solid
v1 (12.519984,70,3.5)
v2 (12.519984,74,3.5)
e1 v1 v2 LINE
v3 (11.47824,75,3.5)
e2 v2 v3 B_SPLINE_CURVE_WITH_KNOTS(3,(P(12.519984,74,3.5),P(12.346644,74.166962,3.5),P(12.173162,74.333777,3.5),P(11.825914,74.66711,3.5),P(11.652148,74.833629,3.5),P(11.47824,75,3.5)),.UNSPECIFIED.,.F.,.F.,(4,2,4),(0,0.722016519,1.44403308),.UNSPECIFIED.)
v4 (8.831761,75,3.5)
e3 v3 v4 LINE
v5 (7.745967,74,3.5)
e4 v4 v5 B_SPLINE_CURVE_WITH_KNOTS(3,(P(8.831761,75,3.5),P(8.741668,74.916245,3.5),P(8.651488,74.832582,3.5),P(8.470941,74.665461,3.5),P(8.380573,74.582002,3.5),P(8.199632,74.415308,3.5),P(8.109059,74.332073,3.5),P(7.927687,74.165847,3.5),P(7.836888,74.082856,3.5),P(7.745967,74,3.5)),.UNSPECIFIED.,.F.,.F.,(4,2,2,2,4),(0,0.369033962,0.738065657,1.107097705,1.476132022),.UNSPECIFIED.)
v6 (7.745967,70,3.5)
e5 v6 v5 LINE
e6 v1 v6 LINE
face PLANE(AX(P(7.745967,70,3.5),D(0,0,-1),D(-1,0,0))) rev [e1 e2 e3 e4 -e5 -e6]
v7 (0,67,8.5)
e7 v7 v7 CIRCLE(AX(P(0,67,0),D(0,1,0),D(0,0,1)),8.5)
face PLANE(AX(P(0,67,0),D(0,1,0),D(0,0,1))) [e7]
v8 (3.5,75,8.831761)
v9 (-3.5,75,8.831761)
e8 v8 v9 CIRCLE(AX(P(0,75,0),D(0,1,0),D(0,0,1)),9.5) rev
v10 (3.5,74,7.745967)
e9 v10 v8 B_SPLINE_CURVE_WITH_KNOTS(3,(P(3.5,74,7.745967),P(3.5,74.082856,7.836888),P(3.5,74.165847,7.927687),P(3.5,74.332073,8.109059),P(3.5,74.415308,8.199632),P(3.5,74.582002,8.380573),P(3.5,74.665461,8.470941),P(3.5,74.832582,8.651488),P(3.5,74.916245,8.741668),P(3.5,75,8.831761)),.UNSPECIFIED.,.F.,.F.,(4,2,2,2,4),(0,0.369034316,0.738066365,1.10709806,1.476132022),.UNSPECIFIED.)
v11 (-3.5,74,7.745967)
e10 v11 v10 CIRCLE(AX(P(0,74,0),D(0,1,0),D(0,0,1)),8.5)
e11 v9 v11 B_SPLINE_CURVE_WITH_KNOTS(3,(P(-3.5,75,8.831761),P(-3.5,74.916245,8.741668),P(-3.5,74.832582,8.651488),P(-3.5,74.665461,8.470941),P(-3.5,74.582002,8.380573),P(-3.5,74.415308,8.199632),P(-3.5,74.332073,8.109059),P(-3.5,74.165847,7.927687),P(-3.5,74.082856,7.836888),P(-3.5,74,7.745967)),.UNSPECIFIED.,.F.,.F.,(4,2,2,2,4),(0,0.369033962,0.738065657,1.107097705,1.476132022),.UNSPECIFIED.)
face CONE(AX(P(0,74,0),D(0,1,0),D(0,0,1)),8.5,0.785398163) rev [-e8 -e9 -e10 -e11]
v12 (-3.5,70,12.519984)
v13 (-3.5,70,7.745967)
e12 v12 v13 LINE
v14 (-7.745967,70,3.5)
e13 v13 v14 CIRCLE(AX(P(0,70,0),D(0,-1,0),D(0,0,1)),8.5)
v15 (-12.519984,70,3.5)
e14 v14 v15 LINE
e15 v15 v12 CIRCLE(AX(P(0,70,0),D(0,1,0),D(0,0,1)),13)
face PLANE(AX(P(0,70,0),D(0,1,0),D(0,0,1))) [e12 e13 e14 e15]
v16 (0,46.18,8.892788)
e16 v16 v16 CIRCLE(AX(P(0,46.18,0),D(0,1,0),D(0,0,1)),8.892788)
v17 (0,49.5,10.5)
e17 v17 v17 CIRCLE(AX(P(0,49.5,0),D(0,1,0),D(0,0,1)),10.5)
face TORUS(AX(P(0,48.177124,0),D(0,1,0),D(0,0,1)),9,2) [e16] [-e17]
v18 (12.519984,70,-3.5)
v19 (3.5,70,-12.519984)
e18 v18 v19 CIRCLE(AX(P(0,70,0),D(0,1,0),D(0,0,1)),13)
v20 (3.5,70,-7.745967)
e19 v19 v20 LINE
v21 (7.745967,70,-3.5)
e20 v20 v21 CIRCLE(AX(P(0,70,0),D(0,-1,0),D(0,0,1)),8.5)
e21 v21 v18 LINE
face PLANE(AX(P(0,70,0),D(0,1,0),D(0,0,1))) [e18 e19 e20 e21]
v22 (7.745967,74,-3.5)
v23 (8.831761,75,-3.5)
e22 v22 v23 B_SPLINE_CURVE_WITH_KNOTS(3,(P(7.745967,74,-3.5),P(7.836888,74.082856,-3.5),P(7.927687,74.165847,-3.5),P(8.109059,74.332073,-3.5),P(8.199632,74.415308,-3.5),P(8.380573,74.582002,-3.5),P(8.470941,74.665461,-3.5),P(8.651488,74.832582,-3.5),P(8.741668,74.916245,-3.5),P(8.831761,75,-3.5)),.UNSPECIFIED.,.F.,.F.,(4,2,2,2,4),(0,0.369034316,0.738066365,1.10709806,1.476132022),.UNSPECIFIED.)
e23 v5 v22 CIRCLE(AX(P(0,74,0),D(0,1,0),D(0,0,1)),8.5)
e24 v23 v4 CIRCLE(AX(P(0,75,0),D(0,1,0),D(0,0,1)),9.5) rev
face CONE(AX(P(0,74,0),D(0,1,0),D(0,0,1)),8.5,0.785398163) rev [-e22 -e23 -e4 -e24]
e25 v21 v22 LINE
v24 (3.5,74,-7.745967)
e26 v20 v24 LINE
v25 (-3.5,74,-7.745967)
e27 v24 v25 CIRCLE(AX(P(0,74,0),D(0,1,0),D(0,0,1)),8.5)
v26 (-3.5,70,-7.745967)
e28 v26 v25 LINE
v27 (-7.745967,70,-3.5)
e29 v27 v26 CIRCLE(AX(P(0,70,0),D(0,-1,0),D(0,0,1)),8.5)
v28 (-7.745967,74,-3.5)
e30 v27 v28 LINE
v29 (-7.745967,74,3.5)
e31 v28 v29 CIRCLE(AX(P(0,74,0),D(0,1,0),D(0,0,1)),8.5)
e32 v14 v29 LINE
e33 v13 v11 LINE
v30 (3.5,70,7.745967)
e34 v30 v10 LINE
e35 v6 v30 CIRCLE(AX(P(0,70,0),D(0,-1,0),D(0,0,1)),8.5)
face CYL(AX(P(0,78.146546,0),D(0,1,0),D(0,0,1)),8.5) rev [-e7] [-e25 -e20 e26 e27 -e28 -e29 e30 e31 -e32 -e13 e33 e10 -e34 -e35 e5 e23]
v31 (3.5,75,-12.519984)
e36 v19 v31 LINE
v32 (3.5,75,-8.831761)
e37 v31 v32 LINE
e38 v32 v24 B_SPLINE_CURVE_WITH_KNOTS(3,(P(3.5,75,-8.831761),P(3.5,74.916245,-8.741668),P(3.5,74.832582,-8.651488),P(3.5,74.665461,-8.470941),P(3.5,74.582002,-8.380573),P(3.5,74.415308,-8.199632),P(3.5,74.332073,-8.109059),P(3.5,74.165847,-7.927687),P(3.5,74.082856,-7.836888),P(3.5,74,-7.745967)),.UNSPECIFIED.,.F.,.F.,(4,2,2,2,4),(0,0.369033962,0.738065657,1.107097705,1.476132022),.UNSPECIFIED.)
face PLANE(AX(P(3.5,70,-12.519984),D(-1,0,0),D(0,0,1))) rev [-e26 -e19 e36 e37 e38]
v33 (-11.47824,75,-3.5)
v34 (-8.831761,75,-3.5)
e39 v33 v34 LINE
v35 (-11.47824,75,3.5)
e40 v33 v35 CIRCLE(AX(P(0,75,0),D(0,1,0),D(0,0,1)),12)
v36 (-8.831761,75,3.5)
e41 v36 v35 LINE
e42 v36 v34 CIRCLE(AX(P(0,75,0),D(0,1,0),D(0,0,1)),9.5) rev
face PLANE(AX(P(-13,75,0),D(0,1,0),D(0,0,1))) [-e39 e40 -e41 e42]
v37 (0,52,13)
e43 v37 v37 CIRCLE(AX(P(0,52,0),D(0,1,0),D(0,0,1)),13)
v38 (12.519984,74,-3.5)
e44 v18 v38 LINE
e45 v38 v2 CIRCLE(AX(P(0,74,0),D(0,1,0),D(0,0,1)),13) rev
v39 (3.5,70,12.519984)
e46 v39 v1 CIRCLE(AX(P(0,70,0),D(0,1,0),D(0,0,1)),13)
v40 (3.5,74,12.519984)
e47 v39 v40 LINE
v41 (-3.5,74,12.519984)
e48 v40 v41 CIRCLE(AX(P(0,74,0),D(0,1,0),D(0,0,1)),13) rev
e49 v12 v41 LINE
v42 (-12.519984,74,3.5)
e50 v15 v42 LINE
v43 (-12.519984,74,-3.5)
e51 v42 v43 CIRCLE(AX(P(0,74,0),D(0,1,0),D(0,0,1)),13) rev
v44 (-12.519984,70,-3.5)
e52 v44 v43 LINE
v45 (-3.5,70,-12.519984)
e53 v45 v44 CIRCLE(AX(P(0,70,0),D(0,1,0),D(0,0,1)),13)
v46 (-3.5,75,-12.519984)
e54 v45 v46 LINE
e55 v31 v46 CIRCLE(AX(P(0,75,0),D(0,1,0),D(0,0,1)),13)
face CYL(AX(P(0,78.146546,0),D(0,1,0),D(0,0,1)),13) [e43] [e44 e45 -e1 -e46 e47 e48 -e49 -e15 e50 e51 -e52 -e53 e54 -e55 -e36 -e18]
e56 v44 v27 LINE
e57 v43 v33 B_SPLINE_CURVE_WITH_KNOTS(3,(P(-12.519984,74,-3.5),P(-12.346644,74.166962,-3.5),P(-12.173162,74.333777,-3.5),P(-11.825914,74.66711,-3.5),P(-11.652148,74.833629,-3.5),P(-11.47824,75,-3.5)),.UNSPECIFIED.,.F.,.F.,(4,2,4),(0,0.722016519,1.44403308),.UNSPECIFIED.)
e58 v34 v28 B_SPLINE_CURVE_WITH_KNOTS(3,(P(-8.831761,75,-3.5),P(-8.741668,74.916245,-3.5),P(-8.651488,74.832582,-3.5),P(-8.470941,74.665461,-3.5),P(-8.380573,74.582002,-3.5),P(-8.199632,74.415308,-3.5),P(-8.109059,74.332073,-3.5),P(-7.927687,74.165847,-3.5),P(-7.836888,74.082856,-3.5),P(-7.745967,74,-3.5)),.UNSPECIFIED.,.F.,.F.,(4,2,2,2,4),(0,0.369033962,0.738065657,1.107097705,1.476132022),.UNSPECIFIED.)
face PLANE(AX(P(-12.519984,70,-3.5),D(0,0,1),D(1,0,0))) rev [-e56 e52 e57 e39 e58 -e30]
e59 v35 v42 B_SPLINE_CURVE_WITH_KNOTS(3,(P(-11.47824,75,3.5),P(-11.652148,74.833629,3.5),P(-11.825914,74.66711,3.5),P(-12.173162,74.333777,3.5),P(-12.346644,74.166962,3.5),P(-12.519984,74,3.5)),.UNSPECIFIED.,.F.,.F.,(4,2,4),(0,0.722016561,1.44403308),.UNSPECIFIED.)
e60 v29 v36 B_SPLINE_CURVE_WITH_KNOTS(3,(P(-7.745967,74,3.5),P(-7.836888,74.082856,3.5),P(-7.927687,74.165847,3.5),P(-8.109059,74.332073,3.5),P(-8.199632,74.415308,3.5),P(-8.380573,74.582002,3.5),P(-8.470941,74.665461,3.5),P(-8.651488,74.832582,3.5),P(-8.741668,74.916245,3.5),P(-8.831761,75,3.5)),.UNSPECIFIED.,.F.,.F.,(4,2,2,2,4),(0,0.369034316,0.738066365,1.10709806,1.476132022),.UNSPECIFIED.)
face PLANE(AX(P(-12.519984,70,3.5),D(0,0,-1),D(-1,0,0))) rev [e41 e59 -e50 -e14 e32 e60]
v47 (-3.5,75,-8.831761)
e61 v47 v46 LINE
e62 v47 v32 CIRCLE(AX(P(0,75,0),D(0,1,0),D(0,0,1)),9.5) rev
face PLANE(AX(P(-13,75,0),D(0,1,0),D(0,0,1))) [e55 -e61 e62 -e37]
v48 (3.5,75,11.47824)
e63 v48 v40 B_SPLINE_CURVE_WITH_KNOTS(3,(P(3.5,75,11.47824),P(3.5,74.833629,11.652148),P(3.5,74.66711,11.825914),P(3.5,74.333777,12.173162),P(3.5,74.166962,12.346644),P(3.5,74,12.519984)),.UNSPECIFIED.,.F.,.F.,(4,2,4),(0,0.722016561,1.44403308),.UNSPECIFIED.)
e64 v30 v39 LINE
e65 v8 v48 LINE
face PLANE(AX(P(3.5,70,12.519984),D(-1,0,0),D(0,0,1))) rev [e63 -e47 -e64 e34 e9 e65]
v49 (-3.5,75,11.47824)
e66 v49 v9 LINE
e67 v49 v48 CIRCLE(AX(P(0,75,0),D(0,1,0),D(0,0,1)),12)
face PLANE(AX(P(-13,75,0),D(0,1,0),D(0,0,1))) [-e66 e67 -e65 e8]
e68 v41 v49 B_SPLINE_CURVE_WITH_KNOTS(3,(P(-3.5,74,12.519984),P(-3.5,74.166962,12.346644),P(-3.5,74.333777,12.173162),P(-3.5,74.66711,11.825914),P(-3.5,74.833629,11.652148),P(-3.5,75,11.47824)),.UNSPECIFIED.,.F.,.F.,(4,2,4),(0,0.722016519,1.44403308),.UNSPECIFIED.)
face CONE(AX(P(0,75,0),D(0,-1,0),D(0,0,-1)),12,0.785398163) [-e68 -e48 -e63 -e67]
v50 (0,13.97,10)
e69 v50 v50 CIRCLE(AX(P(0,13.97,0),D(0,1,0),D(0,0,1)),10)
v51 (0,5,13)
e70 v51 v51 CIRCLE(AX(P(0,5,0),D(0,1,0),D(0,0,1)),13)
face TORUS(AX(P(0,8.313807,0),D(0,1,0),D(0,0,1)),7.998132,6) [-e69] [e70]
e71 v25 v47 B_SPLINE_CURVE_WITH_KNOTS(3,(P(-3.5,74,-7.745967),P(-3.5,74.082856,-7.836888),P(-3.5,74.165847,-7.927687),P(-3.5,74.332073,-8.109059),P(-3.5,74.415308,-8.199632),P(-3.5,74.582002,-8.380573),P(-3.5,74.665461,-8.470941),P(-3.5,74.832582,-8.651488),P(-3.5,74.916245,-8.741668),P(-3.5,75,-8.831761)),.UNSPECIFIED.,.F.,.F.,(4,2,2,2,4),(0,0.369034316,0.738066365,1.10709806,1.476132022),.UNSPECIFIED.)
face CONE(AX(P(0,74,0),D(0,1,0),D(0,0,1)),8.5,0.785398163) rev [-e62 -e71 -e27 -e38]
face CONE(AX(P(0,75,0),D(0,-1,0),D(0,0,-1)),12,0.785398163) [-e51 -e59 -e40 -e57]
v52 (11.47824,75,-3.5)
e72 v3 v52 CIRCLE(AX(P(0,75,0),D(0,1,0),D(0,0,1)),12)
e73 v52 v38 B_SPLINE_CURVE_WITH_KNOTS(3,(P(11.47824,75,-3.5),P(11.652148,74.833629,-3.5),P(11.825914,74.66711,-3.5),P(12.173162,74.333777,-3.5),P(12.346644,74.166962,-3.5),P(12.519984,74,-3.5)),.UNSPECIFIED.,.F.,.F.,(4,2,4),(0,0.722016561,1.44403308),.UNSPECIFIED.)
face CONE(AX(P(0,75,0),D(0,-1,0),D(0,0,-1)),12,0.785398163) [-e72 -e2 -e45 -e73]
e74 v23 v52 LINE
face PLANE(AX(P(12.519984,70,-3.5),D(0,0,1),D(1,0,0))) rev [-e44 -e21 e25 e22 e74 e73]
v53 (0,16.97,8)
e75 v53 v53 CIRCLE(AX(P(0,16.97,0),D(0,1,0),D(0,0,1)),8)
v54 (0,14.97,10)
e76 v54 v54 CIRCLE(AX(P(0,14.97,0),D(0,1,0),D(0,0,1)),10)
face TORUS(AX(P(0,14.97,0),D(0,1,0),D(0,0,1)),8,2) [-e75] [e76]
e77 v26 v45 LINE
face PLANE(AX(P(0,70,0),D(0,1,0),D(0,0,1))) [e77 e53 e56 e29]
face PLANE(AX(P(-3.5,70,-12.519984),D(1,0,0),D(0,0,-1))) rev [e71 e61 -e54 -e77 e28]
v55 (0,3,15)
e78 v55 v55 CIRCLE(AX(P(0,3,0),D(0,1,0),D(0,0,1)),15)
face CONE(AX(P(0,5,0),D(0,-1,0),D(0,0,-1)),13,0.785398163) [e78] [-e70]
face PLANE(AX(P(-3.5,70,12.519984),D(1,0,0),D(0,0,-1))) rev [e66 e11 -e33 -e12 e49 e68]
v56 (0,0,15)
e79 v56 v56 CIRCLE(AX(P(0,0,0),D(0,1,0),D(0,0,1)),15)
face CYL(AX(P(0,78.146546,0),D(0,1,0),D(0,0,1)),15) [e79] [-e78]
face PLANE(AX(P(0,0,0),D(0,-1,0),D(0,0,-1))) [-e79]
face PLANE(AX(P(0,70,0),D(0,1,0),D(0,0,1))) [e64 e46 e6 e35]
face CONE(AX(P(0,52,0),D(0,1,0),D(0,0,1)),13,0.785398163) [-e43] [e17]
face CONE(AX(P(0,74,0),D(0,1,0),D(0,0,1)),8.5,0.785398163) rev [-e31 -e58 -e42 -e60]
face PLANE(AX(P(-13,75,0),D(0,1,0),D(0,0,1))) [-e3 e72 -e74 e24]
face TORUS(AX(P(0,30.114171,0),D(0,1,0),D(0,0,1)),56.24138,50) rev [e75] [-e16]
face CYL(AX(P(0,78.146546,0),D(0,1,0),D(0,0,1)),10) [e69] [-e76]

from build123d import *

# Parameters (mm, degrees)
KES_EKSTR_ZYON1_DEPTH = 5
PAH1_SIZE             = 1


with BuildPart() as part:
    # Çizim1 → Döndür1 (revolve)
    with BuildSketch(Plane.XY, mode=Mode.PRIVATE) as d_nd_r1_sk:
        with BuildLine():
            Line((0, 0), (-15, 0))
            Line((-15, 0), (-15, 3))
            Line((-15, 3), (-13, 5))
            ThreePointArc((-13, 5), (-13.688325627, 10.216881481), (-10, 13.97))
            Line((-10, 13.97), (-10, 14.97))
            ThreePointArc((-10, 14.97), (-9.414213562, 16.384213562), (-8, 16.97))
            ThreePointArc((-8, 16.97), (-6.26471847, 31.641681769), (-8.892788281, 46.18))
            ThreePointArc((-8.892788281, 46.18), (-10.800156882, 47.30566855), (-10.5, 49.5))
            Line((-10.5, 49.5), (-13, 52))
            Line((-13, 52), (-13, 70))
            Line((-13, 70), (-13, 75))
            Line((-13, 75), (-8.5, 75))
            Line((-8.5, 75), (-8.5, 70))
            Line((-8.5, 70), (-8.5, 67))
            Line((-8.5, 67), (0, 67))
            Line((0, 67), (0, 0))
        make_face()
    revolve(d_nd_r1_sk.sketch.rotate(Axis((0, 78.14654641, 0), (0, -1, 0)), 270), axis=Axis((0, 78.14654641, 0), (0, -1, 0)))

    # Çizim3 → Kes-Ekstrüzyon1 (cut)
    with BuildSketch(Plane(origin=(0, 75, 0), x_dir=(1, 0, 0), z_dir=(0, 1, 0))):
        with BuildLine():
            Line((-12.519984026, 3.5), (-7.745966692, 3.5))
            ThreePointArc((-7.745966692, 3.5), (-6.01040764, 6.01040764), (-3.5, 7.745966692))
            Line((-3.5, 7.745966692), (-3.5, 12.519984026))
            ThreePointArc((-3.5, 12.519984026), (-9.192388155, 9.192388155), (-12.519984026, 3.5))
        make_face()
        with BuildLine():
            Line((-12.519984026, -3.5), (-7.745966692, -3.5))
            ThreePointArc((-7.745966692, -3.5), (-6.01040764, -6.01040764), (-3.5, -7.745966692))
            Line((-3.5, -7.745966692), (-3.5, -12.519984026))
            ThreePointArc((-3.5, -12.519984026), (-9.192388155, -9.192388155), (-12.519984026, -3.5))
        make_face()
        with BuildLine():
            Line((7.745966692, -3.5), (12.519984026, -3.5))
            ThreePointArc((12.519984026, -3.5), (9.192388155, -9.192388155), (3.5, -12.519984026))
            Line((3.5, -12.519984026), (3.5, -7.745966692))
            ThreePointArc((3.5, -7.745966692), (6.01040764, -6.01040764), (7.745966692, -3.5))
        make_face()
        with BuildLine():
            Line((12.519984026, 3.5), (7.745966692, 3.5))
            ThreePointArc((7.745966692, 3.5), (6.01040764, 6.01040764), (3.5, 7.745966692))
            Line((3.5, 7.745966692), (3.5, 12.519984026))
            ThreePointArc((3.5, 12.519984026), (9.192388155, 9.192388155), (12.519984026, 3.5))
        make_face()
    extrude(amount=-KES_EKSTR_ZYON1_DEPTH, mode=Mode.SUBTRACT)

    # Pah1
    pah1_edges = [part.edges().sort_by_distance(p)[0] for p in [
        (13, 75, 0),
        (-13, 75, 0),
        (-1.766381565, 75, 12.879436951),
        (8.5, 75, 0),
        (0, 75, -8.5),
        (-8.5, 75, 0),
        (-1.790151267, 75, 8.309353672),
    ]]
    chamfer(pah1_edges, length=PAH1_SIZE)


solid = part.part
